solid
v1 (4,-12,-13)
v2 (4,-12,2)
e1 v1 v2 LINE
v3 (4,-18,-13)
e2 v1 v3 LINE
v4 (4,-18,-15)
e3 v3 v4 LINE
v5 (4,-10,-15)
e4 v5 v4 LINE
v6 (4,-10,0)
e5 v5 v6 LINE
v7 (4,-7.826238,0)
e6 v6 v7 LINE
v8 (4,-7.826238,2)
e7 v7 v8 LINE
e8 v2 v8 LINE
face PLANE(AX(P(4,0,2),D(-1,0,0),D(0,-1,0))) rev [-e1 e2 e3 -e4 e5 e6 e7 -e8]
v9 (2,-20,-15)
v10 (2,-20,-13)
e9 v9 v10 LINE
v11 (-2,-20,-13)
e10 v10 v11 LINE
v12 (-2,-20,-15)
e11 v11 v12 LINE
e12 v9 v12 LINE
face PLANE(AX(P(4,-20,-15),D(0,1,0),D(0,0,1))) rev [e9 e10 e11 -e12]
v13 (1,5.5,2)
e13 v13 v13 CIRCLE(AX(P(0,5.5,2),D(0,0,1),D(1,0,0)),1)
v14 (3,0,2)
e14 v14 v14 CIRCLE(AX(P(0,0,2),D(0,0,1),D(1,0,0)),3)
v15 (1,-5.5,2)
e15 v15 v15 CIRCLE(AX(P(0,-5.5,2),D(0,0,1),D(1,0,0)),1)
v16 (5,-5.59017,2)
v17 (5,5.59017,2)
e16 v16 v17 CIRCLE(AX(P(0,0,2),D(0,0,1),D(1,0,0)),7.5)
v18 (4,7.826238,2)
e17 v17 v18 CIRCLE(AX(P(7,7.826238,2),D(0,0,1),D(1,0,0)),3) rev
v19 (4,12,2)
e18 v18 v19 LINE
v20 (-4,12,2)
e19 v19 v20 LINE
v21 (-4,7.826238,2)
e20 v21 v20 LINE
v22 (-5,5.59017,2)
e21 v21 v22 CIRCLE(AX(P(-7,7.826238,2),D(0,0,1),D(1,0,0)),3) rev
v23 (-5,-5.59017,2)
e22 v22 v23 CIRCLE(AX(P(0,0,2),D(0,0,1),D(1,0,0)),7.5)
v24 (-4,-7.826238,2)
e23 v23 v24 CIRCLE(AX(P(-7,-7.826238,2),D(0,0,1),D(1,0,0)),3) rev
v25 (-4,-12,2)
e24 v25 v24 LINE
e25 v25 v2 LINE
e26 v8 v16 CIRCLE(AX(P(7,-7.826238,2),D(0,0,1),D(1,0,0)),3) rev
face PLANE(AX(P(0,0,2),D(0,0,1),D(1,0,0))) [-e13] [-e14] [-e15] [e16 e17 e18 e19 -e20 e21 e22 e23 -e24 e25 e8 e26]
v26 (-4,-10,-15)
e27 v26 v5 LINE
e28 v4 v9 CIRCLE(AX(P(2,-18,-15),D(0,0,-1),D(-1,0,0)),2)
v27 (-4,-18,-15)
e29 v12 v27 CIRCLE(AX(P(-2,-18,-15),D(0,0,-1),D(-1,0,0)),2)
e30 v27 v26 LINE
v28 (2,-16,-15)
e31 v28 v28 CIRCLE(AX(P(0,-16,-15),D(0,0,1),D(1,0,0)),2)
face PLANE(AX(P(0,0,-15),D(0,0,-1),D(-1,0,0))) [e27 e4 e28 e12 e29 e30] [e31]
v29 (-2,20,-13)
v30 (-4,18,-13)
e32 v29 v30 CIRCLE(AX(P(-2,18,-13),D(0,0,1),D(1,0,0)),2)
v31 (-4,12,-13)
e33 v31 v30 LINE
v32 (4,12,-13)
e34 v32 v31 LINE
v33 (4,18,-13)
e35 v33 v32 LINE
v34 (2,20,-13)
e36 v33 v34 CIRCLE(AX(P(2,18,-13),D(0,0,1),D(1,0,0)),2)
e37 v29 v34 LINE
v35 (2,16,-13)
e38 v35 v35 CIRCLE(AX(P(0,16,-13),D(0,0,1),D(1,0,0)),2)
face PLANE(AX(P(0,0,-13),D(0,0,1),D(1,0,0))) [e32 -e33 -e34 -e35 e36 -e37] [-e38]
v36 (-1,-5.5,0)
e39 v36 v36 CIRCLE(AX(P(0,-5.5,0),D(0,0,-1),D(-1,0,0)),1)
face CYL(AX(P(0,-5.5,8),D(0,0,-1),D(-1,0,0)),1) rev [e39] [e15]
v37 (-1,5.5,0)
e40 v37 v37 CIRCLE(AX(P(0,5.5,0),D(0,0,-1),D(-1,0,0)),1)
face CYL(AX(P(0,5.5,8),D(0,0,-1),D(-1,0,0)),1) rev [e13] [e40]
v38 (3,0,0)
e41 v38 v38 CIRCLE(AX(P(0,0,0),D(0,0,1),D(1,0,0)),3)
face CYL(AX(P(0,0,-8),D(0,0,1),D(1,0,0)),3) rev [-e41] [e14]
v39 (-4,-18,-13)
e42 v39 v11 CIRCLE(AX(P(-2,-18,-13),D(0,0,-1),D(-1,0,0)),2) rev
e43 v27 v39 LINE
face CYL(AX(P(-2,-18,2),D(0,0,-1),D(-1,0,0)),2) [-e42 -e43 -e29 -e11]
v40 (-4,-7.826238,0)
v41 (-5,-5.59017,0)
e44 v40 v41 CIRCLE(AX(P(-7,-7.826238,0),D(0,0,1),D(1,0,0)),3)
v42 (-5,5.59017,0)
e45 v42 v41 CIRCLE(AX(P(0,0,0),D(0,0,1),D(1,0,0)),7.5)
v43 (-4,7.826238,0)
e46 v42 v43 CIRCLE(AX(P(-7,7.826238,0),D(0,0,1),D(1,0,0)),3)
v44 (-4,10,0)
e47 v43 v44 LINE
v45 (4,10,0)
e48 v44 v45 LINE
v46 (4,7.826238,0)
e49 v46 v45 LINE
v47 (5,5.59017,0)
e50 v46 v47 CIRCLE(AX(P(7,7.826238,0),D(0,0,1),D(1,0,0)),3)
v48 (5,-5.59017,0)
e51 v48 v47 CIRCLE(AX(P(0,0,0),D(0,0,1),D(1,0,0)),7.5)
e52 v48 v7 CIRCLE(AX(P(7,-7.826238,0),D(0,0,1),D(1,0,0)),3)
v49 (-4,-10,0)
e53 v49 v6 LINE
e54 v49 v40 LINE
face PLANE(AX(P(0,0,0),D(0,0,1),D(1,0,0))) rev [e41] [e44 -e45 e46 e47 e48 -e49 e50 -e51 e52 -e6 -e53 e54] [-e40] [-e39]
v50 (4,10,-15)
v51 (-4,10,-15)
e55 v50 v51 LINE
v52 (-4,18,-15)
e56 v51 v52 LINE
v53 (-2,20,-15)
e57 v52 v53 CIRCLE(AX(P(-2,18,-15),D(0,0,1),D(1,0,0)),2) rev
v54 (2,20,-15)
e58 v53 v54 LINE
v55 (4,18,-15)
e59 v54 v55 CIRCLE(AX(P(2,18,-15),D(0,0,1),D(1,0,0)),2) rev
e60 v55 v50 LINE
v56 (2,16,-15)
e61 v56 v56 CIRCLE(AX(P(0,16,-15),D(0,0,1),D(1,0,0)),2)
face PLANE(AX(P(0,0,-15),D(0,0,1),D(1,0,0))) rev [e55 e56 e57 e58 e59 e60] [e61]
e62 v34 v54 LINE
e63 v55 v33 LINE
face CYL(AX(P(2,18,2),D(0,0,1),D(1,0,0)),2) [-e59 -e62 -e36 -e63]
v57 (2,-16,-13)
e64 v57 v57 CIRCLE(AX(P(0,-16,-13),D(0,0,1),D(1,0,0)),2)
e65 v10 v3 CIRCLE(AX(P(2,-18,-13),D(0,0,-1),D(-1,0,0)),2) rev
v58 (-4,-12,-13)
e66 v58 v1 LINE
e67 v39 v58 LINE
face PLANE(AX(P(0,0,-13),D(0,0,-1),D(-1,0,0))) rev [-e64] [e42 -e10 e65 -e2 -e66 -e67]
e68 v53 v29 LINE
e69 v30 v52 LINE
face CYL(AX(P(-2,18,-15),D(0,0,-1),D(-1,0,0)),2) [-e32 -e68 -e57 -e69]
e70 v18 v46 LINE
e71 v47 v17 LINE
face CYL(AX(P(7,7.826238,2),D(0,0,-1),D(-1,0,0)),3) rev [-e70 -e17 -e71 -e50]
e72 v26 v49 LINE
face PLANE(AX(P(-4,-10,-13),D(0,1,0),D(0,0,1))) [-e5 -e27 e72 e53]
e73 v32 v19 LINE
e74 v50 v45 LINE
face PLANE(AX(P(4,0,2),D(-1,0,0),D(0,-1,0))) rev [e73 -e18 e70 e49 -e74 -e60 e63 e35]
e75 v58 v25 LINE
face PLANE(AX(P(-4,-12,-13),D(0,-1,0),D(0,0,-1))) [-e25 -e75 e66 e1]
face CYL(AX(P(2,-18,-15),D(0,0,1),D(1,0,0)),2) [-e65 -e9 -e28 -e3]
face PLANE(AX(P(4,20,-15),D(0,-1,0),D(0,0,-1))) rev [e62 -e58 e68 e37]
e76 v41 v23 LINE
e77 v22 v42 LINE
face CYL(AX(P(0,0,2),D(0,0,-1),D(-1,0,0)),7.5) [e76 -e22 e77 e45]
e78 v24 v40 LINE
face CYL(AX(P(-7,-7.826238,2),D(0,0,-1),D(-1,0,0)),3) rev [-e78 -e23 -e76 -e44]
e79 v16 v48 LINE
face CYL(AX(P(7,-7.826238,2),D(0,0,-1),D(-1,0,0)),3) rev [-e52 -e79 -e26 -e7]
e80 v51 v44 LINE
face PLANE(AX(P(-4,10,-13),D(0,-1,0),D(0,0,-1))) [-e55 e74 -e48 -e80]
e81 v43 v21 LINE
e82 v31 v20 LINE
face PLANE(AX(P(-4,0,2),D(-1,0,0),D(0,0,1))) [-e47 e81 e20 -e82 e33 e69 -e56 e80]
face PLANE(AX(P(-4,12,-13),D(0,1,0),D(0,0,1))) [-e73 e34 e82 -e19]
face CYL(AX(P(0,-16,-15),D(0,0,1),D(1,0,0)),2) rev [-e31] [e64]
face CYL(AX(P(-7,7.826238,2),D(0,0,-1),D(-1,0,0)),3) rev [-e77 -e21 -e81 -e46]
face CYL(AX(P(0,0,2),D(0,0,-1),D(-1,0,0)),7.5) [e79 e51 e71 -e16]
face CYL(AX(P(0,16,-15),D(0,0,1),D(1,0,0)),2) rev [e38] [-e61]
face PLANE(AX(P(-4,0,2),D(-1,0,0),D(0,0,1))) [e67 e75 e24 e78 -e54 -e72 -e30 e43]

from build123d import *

# Parameters (mm, degrees)
SKETCH_1_R          = 2
EXTRUDE_1_DEPTH     = 2
SKETCH_4_W          = 8
SKETCH_4_H          = 2
EXTRUDE_3_DEPTH     = 15
SKETCH_5_R          = 1
CUT_EXTRUDE_1_DEPTH = 8
SKETCH_6_W          = 8
SKETCH_6_H          = 10
EXTRUDE_4_DEPTH     = 2
SKETCH_7_R          = 2
CUT_EXTRUDE_2_DEPTH = 2
FILLET_1_R          = 3
FILLET_2_R          = 2
SKETCH_9_R          = 3
CUT_EXTRUDE_3_DEPTH = 10


with BuildPart() as part:
    # 草图1 → 凸台-拉伸1 (new body)
    # profile 1 of 5: a face of its own
    with BuildSketch(Plane.XY):
        with BuildLine():
            Line((4, 6.34428877), (4, -6.34428877))
            ThreePointArc((4, -6.34428877), (6.566962768, -3.622844187), (7.5, 0))
            ThreePointArc((7.5, 0), (6.566962768, 3.622844187), (4, 6.34428877))
        make_face()
    # profile 2 of 5: a face of its own
    with BuildSketch(Plane.XY):
        with BuildLine():
            Line((-4, 6.34428877), (-4, -6.34428877))
            ThreePointArc((-4, -6.34428877), (0, -7.5), (4, -6.34428877))
            Line((4, -6.34428877), (4, 6.34428877))
            ThreePointArc((4, 6.34428877), (0, 7.5), (-4, 6.34428877))
        make_face()
        Circle(SKETCH_1_R, mode=Mode.SUBTRACT)
    # profile 3 of 5: a face of its own
    with BuildSketch(Plane.XY):
        with BuildLine():
            ThreePointArc((-4, 6.34428877), (-7.5, 0), (-4, -6.34428877))
            Line((-4, -6.34428877), (-4, 6.34428877))
        make_face()
    # profile 4 of 5: a face of its own
    with BuildSketch(Plane.XY):
        with BuildLine():
            Line((-4, 10), (-4, 6.34428877))
            ThreePointArc((-4, 6.34428877), (0, 7.5), (4, 6.34428877))
            Line((4, 6.34428877), (4, 10))
            Line((4, 10), (-4, 10))
        make_face()
    # profile 5 of 5: a face of its own
    with BuildSketch(Plane.XY):
        with BuildLine():
            Line((-4, -6.34428877), (-4, -10))
            Line((-4, -10), (4, -10))
            Line((4, -10), (4, -6.34428877))
            ThreePointArc((4, -6.34428877), (0, -7.5), (-4, -6.34428877))
        make_face()
    extrude(amount=EXTRUDE_1_DEPTH)

    # 草图4 → 凸台-拉伸3 (add)
    with BuildSketch(Plane.XY.offset(2)):
        with Locations((0, -11)):
            Rectangle(SKETCH_4_W, SKETCH_4_H)
        with Locations((0, 11)):
            Rectangle(SKETCH_4_W, SKETCH_4_H)
    extrude(amount=-EXTRUDE_3_DEPTH)

    # 草图5 → 切除-拉伸1 (cut)
    with BuildSketch(Plane(origin=(0, 0, 0), x_dir=(-1, 0, 0), z_dir=(0, 0, -1))):
        with Locations((0, 5.5)):
            Circle(SKETCH_5_R)
        with Locations((0, -5.5)):
            Circle(SKETCH_5_R)
    extrude(amount=-CUT_EXTRUDE_1_DEPTH, mode=Mode.SUBTRACT)

    # 草图6 → 凸台-拉伸4 (add)
    with BuildSketch(Plane(origin=(0, 0, -13), x_dir=(-1, 0, 0), z_dir=(0, 0, -1))):
        with Locations((0, -15)):
            Rectangle(SKETCH_6_W, SKETCH_6_H)
        with Locations((0, 15)):
            Rectangle(SKETCH_6_W, SKETCH_6_H)
    extrude(amount=EXTRUDE_4_DEPTH)

    # 草图7 → 切除-拉伸2 (cut)
    with BuildSketch(Plane.XY.offset(-13)):
        with Locations((0, 16)):
            Circle(SKETCH_7_R)
        with Locations((0, -16)):
            Circle(SKETCH_7_R)
    extrude(amount=-CUT_EXTRUDE_2_DEPTH, mode=Mode.SUBTRACT)

    # 圆角1
    fillet_1_edges = [part.edges().sort_by_distance(p)[0] for p in [
        (4, -6.34428877, 1),
        (-4, -6.34428877, 1),
        (-4, 6.34428877, 1),
        (4, 6.34428877, 1),
    ]]
    fillet(fillet_1_edges, radius=FILLET_1_R)

    # 圆角2
    fillet_2_edges = [part.edges().sort_by_distance(p)[0] for p in [
        (4, 20, -14),
        (-4, 20, -14),
        (4, -20, -14),
        (-4, -20, -14),
    ]]
    fillet(fillet_2_edges, radius=FILLET_2_R)

    # 草图9 → 切除-拉伸3 (cut)
    with BuildSketch(Plane.XY.offset(2)):
        Circle(SKETCH_9_R)
    extrude(amount=-CUT_EXTRUDE_3_DEPTH, mode=Mode.SUBTRACT)


solid = part.part
